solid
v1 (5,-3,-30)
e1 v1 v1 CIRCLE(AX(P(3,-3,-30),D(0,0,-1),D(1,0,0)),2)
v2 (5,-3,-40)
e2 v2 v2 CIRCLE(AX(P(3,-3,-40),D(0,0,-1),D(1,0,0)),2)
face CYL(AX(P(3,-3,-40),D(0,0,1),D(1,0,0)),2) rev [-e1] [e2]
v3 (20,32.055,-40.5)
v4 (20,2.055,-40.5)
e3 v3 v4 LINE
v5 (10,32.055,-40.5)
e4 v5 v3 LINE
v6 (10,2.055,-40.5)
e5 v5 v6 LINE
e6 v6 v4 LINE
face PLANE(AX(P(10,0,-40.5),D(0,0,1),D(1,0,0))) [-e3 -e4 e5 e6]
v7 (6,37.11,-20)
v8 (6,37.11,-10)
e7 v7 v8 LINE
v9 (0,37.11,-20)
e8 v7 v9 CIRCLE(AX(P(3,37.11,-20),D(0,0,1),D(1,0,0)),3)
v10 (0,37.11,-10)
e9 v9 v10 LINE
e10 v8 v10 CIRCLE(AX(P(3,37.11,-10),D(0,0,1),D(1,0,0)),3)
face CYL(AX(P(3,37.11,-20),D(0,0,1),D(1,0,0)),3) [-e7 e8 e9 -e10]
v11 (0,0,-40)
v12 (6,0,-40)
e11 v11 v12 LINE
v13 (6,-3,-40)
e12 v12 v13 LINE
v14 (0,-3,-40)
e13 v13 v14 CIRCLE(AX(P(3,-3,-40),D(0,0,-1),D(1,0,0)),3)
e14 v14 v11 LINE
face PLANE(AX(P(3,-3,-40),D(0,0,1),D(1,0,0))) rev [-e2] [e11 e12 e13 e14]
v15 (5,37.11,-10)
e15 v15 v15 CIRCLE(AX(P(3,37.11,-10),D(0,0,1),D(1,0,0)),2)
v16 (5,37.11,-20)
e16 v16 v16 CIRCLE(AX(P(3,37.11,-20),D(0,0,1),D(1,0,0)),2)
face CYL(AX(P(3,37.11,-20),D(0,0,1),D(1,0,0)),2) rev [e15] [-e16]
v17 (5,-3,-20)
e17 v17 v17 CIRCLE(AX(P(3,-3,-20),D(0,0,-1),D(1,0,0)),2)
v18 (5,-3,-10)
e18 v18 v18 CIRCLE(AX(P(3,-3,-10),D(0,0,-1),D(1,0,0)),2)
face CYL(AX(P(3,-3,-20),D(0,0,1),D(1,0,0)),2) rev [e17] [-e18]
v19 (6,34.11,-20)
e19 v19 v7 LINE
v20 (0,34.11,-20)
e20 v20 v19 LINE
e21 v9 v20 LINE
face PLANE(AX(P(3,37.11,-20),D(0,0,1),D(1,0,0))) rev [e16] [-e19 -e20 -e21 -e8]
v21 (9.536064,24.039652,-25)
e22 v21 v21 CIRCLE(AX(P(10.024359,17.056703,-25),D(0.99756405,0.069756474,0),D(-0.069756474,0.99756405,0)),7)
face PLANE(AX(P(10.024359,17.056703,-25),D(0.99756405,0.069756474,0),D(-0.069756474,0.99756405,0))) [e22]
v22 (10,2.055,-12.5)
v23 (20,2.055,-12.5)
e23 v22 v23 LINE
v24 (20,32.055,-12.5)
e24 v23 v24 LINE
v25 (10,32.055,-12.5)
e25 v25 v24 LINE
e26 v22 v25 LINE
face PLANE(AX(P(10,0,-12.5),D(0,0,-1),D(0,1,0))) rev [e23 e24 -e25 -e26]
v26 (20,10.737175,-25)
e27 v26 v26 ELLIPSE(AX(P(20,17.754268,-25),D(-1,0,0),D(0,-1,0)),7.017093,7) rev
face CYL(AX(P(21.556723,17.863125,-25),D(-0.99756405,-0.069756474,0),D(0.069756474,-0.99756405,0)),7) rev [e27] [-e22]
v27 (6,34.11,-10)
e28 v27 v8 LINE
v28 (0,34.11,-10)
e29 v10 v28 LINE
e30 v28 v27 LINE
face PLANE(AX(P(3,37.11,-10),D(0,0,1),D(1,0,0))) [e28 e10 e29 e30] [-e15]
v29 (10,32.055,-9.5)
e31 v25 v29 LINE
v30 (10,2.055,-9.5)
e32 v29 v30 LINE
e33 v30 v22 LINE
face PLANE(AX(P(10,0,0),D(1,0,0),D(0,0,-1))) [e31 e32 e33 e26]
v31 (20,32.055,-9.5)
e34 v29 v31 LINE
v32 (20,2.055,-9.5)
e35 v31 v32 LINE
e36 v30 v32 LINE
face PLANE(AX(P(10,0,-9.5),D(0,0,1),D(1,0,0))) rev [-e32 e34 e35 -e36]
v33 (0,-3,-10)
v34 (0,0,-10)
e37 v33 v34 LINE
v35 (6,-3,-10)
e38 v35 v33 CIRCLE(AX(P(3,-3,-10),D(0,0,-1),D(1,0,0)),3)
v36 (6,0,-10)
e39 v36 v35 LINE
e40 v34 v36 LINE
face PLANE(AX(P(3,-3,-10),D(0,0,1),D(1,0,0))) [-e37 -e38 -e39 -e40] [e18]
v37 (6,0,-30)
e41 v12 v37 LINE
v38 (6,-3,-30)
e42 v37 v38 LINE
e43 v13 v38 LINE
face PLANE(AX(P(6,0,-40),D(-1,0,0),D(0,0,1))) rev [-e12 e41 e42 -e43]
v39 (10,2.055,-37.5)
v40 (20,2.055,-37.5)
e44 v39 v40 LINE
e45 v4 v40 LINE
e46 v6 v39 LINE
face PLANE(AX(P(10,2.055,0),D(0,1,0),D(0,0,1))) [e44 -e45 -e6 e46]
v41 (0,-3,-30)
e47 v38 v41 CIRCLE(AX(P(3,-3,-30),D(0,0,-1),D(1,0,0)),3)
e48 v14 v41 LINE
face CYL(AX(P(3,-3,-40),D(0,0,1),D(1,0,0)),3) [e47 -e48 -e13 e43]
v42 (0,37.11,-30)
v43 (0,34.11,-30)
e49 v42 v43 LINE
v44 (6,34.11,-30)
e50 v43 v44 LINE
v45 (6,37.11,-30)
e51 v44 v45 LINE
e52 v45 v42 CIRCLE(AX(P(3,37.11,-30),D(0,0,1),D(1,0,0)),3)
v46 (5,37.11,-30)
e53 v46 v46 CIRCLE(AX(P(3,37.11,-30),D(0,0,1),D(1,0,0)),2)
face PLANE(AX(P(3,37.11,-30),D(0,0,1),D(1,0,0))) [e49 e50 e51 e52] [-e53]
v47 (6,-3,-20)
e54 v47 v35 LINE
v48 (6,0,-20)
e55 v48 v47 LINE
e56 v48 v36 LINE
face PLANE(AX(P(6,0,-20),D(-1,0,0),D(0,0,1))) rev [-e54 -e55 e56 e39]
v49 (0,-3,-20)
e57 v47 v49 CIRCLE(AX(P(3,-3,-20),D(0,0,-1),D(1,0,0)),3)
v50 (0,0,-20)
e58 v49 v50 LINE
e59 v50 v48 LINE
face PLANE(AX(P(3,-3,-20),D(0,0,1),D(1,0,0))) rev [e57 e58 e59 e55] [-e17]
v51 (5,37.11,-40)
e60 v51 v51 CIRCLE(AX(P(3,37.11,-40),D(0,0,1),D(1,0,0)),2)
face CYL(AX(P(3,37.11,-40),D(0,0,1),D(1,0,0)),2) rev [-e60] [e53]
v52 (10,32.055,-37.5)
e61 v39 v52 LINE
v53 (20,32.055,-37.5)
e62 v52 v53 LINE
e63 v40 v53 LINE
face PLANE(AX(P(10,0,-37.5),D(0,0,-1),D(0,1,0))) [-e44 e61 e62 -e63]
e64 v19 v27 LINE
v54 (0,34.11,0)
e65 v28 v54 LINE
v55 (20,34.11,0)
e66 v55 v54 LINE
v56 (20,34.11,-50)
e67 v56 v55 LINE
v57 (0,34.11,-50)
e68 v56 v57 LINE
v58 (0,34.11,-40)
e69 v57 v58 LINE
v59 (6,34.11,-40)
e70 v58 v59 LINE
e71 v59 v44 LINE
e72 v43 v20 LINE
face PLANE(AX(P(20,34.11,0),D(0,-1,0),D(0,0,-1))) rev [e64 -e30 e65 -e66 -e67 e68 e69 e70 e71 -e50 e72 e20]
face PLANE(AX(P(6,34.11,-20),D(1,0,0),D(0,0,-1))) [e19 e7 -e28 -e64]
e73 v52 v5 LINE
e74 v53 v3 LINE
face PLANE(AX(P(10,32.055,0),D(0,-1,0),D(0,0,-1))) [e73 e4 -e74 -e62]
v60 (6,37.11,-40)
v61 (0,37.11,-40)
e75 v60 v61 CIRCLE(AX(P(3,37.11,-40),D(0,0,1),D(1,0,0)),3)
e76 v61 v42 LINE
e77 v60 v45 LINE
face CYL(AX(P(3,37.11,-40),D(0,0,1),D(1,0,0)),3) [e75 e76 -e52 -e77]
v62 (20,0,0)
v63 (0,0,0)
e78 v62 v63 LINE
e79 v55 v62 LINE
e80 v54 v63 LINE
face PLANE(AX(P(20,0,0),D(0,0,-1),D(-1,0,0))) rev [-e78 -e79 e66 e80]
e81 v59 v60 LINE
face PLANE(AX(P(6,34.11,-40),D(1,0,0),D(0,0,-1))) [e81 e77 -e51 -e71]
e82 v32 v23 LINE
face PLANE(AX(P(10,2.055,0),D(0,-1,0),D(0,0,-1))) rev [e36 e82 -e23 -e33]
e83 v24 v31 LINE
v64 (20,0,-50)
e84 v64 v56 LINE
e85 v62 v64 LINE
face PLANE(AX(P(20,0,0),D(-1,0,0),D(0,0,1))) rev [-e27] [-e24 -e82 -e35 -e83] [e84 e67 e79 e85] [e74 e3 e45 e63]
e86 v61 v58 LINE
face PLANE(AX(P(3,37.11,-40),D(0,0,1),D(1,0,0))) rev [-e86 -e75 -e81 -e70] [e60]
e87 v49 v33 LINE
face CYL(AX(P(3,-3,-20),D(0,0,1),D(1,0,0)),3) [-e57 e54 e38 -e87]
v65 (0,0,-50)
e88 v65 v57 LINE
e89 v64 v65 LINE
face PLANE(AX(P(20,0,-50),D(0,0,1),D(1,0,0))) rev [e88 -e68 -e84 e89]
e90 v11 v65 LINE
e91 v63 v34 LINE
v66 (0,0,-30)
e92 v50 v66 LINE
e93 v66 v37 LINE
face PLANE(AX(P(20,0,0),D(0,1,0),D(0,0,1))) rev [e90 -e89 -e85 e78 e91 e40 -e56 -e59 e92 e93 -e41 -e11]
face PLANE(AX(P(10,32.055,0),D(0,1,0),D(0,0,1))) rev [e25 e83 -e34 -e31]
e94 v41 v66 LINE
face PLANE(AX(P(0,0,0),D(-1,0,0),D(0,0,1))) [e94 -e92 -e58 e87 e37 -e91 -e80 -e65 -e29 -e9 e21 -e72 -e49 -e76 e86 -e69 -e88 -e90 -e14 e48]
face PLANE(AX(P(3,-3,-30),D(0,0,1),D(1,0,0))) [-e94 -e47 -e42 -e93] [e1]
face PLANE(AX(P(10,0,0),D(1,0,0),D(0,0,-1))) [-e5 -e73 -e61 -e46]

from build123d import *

# Parameters (mm, degrees)
SKETCH1_W                      = 50
SKETCH1_H                      = 34.11
BOSS_EXTRUDE1_DEPTH            = 20
SKETCH3_R                      = 2
BOSS_EXTRUDE2_DEPTH            = 10
LPATTERN1_COUNT                = 2
LPATTERN1_PITCH                = 20
MIRROR1_COPY_1_SKETCH_R        = 2
MIRROR1_COPY_1_DEPTH           = 10
SKETCH5_R                      = 7
CUT_EXTRUDE1_DEPTH             = 10
CUT_EXTRUDE1_DIRECTION_2_REACH = 3.559
SKETCH6_W                      = 3
SKETCH6_H                      = 30
CUT_EXTRUDE2_DEPTH             = 10


with BuildPart() as part:
    # Sketch1 → Boss-Extrude1 (new body)
    with BuildSketch(Plane(origin=(0, 0, 0), x_dir=(0, 0, -1), z_dir=(1, 0, 0))):
        with Locations((25, 17.055)):
            Rectangle(SKETCH1_W, SKETCH1_H)
    extrude(amount=BOSS_EXTRUDE1_DEPTH)

    # Sketch3 → Boss-Extrude2 (add)
    with BuildSketch(Plane.XY.offset(-10)):
        with BuildLine():
            Line((0, 34.11), (0, 37.11))
            ThreePointArc((0, 37.11), (3, 40.11), (6, 37.11))
            Line((6, 37.11), (6, 34.11))
            Line((6, 34.11), (3, 34.11))
            Line((3, 34.11), (0, 34.11))
        make_face()
        with Locations((3, 37.11)):
            Circle(SKETCH3_R, mode=Mode.SUBTRACT)
    boss_extrude2 = extrude(amount=-BOSS_EXTRUDE2_DEPTH)

    # LPattern1: Boss-Extrude2 ×2
    with Locations(*[(0, 0, -i * LPATTERN1_PITCH) for i in range(1, LPATTERN1_COUNT)]):
        add(boss_extrude2)

    # Mirror1: Boss-Extrude2 across plane
    add(boss_extrude2.mirror(Plane.ZX.offset(17.055)))

    # Mirror1 copy 1 sketch → Mirror1 copy 1 (add)
    with BuildSketch(Plane(origin=(0, 34.11, -30), x_dir=(1, 0, 0), z_dir=(0, 0, 1))):
        with BuildLine():
            Line((0, -34.11), (0, -37.11))
            ThreePointArc((0, -37.11), (3, -40.11), (6, -37.11))
            Line((6, -37.11), (6, -34.11))
            Line((6, -34.11), (3, -34.11))
            Line((3, -34.11), (0, -34.11))
        make_face()
        with Locations((3, -37.11)):
            Circle(MIRROR1_COPY_1_SKETCH_R, mode=Mode.SUBTRACT)
    extrude(amount=-MIRROR1_COPY_1_DEPTH)

    # Sketch5 → Cut-Extrude1 (cut)
    with BuildSketch(Plane(origin=(20, 17.754268119, -25), x_dir=(0, 0, -1), z_dir=(0.99756405, 0.069756474, 0))):
        Circle(SKETCH5_R)
    extrude(amount=-CUT_EXTRUDE1_DEPTH, mode=Mode.SUBTRACT)

    # Sketch5 → Cut-Extrude1 direction 2 (cut, up to next)
    with BuildSketch(Plane(origin=(20, 17.754268119, -25), x_dir=(0, 0, -1), z_dir=(0.99756405, 0.069756474, 0)), mode=Mode.PRIVATE) as cut_extrude1_direction_2_sk1:
        Circle(SKETCH5_R)
    cut_extrude1_direction_2_tool1 = extrude(cut_extrude1_direction_2_sk1.sketch, amount=CUT_EXTRUDE1_DIRECTION_2_REACH, mode=Mode.PRIVATE) & part.part
    add(cut_extrude1_direction_2_tool1.solids().sort_by_distance((20, 17.754268, -25))[0], mode=Mode.SUBTRACT)

    # Sketch6 → Cut-Extrude2 (cut)
    with BuildSketch(Plane(origin=(20, 0, 0), x_dir=(0, 0, -1), z_dir=(1, 0, 0))):
        with Locations((11, 17.055)):
            Rectangle(SKETCH6_W, SKETCH6_H)
        with Locations((39, 17.055)):
            Rectangle(SKETCH6_W, SKETCH6_H)
    extrude(amount=-CUT_EXTRUDE2_DEPTH, mode=Mode.SUBTRACT)


solid = part.part
